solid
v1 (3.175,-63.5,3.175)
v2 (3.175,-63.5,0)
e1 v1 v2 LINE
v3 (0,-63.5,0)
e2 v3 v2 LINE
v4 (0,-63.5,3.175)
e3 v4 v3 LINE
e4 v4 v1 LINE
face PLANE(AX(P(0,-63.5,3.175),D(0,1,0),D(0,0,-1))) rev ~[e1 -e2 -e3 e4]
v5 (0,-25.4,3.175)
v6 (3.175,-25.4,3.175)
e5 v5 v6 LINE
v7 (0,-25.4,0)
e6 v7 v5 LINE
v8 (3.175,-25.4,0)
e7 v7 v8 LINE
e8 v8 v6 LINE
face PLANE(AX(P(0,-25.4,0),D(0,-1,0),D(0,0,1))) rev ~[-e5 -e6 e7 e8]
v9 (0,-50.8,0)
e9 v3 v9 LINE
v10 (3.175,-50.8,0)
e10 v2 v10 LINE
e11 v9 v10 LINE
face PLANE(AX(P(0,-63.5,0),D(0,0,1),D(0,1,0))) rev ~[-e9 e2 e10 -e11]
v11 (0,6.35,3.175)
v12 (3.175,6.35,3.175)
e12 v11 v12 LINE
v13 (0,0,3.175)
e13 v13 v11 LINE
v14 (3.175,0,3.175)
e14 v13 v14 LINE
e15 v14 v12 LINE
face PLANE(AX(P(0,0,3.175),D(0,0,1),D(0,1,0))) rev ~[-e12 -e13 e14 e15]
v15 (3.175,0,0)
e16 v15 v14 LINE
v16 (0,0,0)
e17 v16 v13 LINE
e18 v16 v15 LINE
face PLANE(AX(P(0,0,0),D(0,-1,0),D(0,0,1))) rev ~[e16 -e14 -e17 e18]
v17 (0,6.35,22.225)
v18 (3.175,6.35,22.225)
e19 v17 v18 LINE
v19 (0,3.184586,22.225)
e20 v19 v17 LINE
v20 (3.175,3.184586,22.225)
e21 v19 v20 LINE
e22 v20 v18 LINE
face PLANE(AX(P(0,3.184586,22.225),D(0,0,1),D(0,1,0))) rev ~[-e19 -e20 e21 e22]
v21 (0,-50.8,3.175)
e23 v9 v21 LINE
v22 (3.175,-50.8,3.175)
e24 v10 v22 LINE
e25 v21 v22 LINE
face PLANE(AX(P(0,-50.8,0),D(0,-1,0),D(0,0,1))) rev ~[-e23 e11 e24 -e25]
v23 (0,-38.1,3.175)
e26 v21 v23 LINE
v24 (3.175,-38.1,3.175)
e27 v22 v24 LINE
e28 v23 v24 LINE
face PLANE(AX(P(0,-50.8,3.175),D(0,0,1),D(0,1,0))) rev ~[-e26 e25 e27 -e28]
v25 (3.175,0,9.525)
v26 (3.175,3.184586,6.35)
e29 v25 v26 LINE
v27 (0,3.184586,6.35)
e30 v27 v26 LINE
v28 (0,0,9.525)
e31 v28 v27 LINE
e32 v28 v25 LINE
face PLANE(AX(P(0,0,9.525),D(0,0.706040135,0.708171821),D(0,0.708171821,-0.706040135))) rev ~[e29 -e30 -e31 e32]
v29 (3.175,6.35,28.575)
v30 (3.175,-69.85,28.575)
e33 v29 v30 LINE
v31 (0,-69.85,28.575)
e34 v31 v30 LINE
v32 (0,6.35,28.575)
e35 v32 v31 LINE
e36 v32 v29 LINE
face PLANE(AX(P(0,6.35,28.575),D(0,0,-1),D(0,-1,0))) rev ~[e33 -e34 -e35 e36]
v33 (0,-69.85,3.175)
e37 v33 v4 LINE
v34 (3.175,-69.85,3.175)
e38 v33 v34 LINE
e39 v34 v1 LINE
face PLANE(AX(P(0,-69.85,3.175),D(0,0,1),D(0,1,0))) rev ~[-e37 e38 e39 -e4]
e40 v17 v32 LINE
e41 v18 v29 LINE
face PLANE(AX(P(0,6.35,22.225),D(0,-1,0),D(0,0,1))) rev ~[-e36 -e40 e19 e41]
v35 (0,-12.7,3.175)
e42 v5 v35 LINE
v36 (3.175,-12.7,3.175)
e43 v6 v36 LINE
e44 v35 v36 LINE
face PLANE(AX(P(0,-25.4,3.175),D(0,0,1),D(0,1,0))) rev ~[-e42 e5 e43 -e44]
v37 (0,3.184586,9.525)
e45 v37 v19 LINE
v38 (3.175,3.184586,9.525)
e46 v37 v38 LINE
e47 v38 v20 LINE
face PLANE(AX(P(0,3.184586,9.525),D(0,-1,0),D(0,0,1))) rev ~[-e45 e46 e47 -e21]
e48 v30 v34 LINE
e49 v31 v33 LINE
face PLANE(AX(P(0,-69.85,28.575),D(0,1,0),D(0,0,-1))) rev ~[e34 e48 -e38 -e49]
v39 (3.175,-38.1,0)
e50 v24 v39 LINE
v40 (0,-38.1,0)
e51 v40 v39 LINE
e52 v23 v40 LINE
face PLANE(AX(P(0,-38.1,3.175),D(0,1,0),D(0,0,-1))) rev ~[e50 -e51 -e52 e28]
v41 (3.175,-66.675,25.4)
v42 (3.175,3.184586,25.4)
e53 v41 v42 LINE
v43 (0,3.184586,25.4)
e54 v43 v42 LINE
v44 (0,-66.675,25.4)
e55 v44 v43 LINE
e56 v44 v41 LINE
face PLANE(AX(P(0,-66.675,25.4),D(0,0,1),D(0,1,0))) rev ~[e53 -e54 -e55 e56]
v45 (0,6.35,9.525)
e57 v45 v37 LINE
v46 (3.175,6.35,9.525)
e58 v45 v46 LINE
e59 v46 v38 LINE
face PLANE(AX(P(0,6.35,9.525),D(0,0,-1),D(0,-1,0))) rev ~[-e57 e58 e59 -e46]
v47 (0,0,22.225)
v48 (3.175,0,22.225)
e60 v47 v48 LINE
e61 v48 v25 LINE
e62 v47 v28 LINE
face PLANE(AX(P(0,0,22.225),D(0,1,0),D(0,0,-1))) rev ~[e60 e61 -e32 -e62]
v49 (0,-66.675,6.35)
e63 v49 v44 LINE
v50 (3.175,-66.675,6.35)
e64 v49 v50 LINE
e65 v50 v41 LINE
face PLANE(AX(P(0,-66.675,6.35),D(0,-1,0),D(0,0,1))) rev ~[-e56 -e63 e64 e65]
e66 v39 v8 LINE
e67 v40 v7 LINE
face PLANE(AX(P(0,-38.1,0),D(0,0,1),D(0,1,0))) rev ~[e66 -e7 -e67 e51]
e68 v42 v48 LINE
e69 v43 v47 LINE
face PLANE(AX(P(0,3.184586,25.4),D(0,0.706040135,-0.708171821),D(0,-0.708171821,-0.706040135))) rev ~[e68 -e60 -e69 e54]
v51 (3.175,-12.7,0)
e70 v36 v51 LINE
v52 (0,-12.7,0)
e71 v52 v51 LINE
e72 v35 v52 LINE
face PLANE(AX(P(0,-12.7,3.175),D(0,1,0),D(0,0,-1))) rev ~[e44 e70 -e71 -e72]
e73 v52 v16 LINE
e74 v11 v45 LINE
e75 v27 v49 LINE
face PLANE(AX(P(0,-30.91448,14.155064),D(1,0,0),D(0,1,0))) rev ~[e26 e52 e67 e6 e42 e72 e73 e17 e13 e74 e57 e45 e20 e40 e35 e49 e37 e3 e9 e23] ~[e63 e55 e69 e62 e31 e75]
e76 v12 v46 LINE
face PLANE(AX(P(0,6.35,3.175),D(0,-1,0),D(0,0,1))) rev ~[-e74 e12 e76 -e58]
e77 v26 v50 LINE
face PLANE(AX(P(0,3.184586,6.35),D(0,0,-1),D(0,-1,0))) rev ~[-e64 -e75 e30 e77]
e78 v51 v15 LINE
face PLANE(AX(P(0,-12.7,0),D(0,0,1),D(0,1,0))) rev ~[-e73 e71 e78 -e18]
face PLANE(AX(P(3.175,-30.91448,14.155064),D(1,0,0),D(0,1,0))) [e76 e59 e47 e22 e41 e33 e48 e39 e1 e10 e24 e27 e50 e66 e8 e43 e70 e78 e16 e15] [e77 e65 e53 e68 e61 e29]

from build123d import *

# Parameters (mm, degrees)
F1_DEPTH = 3.175


with BuildPart() as f1:
    # F0 (on Right) → F1 (new body)
    with BuildSketch(Plane.YZ):
        Polygon((-12.7, 0), (0, 0), (0, 3.175), (6.35, 3.175), (6.35, 9.525), (3.184586, 9.525), (3.184586, 22.225), (6.35, 22.225), (6.35, 28.575), (-69.85, 28.575), (-69.85, 25.4), (-69.85, 3.175), (-63.5, 3.175), (-63.5, 0), (-50.8, 0), (-50.8, 3.175), (-38.1, 3.175), (-38.1, 0), (-25.4, 0), (-25.4, 3.175), (-12.7, 3.175), align=None)
        Polygon((-66.675, 6.35), (-66.675, 25.4), (3.184586, 25.4), (0, 22.225), (0, 9.525), (3.184586, 6.35), align=None, mode=Mode.SUBTRACT)
    extrude(amount=F1_DEPTH)


solid = f1.part
